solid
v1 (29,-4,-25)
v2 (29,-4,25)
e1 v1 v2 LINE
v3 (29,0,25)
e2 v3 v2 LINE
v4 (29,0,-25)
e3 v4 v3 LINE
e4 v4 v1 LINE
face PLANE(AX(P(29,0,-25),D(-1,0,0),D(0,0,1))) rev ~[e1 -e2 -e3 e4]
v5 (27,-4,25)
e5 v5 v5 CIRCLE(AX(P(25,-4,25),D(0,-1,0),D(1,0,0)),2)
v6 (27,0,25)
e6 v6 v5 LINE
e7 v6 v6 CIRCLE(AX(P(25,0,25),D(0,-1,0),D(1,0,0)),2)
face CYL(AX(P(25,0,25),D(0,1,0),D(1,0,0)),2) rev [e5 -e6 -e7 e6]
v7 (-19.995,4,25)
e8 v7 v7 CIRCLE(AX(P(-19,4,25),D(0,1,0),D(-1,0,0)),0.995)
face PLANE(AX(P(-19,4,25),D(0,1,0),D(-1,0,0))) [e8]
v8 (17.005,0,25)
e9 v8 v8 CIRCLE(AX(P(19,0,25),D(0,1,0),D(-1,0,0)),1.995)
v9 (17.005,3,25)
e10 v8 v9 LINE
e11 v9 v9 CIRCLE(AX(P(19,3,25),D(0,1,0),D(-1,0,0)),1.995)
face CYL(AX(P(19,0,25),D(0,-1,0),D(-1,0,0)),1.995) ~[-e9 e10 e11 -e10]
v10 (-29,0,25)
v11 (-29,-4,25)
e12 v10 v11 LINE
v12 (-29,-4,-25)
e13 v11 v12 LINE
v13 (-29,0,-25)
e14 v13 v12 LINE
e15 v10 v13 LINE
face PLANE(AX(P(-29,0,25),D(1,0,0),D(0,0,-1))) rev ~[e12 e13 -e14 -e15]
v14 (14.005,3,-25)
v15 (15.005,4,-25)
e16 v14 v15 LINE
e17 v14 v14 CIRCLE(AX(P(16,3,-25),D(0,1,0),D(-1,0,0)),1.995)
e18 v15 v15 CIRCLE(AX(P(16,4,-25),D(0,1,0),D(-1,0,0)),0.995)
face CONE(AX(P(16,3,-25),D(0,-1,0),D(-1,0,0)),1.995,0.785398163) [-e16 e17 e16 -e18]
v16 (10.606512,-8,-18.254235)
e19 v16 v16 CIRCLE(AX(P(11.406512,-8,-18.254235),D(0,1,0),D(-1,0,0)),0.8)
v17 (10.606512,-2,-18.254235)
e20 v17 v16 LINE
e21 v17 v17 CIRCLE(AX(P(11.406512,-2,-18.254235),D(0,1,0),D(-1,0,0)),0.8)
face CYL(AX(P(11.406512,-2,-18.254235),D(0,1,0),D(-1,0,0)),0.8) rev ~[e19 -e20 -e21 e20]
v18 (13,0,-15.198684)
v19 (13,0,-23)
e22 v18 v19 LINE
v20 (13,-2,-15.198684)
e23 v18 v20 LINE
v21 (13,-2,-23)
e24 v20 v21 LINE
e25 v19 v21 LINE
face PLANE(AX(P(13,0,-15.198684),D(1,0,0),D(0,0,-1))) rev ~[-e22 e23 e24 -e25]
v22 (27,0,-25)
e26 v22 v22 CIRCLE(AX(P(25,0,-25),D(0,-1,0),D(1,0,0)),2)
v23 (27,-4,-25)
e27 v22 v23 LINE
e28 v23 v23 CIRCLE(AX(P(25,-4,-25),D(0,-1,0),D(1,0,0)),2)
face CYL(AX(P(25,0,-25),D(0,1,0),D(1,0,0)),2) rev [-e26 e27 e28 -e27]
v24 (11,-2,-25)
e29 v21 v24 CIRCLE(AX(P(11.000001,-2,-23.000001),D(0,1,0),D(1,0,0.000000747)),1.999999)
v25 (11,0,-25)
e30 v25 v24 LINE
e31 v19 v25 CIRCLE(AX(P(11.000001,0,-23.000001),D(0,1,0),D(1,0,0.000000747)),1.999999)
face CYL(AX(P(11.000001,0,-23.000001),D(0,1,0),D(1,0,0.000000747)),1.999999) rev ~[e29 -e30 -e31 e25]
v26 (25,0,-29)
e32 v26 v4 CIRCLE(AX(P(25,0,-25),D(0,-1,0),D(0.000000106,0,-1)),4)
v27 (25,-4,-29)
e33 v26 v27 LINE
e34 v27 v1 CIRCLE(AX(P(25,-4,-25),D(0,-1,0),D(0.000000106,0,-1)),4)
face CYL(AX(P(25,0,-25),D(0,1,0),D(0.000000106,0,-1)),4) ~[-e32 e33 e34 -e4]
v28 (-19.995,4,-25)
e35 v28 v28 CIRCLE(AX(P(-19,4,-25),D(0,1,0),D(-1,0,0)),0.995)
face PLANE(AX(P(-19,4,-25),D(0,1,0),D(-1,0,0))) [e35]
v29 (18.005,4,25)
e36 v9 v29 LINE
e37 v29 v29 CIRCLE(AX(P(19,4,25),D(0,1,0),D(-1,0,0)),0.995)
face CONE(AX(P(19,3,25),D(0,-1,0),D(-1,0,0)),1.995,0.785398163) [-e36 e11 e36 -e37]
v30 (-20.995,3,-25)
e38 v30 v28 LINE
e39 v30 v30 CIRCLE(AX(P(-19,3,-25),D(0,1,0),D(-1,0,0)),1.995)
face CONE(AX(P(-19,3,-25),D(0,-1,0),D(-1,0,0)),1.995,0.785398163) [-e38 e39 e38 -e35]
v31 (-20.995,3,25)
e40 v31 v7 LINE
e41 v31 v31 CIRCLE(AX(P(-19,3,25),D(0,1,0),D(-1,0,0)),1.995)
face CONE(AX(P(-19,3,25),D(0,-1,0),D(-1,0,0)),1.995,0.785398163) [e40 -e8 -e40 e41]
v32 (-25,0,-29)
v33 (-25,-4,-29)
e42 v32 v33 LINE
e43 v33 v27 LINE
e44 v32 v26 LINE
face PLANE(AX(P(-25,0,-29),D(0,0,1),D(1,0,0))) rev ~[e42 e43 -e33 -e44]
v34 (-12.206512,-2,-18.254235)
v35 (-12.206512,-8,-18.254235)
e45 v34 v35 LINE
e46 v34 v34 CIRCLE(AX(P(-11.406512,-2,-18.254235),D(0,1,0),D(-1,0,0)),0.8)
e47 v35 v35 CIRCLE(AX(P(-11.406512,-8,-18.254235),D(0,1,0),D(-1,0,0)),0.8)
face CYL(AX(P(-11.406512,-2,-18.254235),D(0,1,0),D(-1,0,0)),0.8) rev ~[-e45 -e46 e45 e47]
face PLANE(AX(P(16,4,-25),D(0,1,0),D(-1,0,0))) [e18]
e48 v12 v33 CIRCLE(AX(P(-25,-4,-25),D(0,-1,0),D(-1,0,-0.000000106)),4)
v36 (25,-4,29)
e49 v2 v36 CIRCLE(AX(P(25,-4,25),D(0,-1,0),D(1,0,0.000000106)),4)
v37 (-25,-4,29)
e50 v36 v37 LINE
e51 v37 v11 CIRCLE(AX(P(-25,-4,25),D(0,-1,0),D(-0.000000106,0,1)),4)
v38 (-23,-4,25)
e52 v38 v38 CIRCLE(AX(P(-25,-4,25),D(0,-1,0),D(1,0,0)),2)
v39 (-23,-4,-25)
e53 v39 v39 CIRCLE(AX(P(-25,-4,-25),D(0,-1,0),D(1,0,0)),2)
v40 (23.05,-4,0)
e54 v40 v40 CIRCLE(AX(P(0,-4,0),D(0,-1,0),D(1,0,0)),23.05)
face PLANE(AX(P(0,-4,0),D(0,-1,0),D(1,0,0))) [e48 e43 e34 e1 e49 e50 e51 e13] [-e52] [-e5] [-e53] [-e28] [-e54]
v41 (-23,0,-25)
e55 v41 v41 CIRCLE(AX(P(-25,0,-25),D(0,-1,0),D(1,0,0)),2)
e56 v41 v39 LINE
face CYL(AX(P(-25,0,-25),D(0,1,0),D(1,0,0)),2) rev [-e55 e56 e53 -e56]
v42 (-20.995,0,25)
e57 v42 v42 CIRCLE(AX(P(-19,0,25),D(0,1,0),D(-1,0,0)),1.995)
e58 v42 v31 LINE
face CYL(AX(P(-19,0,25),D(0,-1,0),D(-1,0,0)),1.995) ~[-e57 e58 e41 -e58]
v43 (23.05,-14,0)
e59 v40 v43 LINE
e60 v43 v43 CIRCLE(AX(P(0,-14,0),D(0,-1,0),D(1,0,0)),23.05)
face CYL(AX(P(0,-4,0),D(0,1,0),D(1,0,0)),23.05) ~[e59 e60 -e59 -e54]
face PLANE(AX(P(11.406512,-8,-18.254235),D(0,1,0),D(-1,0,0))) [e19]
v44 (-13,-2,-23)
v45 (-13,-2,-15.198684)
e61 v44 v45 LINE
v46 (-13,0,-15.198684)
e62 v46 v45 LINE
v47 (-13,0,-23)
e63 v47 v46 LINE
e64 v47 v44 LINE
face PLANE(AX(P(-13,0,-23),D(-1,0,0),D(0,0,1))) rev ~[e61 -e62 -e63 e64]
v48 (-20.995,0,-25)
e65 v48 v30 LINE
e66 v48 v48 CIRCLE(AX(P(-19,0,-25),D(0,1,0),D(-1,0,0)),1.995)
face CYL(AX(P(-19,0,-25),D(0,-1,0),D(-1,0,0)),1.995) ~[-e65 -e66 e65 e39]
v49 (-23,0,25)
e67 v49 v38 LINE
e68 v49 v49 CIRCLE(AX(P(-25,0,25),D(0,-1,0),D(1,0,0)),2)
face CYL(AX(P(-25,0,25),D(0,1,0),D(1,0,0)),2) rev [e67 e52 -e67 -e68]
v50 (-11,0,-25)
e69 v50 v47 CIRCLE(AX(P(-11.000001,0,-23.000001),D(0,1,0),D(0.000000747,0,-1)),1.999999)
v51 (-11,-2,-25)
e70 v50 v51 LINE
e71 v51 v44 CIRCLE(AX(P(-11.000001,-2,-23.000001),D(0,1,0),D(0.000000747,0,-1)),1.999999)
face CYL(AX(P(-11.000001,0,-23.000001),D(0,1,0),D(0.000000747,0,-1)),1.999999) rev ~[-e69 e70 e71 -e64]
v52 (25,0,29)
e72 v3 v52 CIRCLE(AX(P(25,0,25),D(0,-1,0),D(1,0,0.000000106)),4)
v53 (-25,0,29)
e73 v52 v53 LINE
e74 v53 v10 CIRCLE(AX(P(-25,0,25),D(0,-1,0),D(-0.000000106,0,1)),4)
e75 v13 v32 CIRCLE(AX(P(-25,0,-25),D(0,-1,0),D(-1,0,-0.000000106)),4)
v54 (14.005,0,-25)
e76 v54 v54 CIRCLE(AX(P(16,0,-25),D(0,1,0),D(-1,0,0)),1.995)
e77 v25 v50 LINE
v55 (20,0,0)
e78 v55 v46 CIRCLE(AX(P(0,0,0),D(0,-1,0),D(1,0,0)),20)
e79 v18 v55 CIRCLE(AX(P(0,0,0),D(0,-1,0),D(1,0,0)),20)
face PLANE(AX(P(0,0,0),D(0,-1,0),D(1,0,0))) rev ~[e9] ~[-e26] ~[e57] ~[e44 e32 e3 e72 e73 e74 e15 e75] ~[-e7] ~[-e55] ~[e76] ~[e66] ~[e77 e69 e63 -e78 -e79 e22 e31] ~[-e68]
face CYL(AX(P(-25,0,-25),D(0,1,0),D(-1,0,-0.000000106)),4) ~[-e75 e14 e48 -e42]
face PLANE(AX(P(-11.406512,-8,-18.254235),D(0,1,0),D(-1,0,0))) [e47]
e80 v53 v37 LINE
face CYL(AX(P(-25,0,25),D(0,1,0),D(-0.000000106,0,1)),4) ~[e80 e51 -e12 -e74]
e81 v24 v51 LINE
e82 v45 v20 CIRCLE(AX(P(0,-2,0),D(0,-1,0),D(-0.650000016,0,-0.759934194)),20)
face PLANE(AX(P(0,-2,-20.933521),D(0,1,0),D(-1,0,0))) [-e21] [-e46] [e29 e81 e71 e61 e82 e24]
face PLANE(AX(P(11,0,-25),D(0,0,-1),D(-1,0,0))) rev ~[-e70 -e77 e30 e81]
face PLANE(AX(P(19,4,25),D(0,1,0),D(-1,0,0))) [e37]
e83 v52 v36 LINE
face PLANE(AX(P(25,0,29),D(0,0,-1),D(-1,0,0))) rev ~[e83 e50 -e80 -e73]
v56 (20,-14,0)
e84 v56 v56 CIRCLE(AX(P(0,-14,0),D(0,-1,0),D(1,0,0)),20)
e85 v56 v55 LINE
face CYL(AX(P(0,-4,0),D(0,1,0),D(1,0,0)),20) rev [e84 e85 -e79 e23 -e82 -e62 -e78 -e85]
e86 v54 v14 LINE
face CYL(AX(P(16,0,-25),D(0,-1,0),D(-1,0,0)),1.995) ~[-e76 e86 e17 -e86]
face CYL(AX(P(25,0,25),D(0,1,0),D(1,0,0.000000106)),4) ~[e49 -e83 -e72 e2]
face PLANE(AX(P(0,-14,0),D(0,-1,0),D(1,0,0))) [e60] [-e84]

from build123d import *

# Parameters (mm, degrees)
F0_R      = 2
F0_R_2    = 20
F1_DEPTH  = 4
F2_R      = 1.995
F3_DEPTH  = 4
F4_SIZE   = 1
F5_R      = 23.05
F5_R_2    = 20
F6_DEPTH  = 10
F8_DEPTH  = 2
F9_R      = 0.8
F10_DEPTH = 6


with BuildPart() as f1:
    # F0 (on Front) → F1 (new body)
    with BuildSketch(Plane.XZ):
        with BuildLine():
            ThreePointArc((29, 25), (27.828427, 27.828427), (25, 29))
            Line((25, 29), (-25, 29))
            ThreePointArc((-25, 29), (-27.828427, 27.828427), (-29, 25))
            Line((-29, 25), (-29, -25))
            ThreePointArc((-29, -25), (-27.828427, -27.828427), (-25, -29))
            Line((-25, -29), (25, -29))
            ThreePointArc((25, -29), (27.828427, -27.828427), (29, -25))
            Line((29, -25), (29, 25))
        make_face()
        with Locations((-25, -25)):
            Circle(F0_R, mode=Mode.SUBTRACT)
        with Locations((25, -25)):
            Circle(F0_R, mode=Mode.SUBTRACT)
        with Locations((-25, 25)):
            Circle(F0_R, mode=Mode.SUBTRACT)
        Circle(F0_R_2, mode=Mode.SUBTRACT)
        with Locations((25, 25)):
            Circle(F0_R, mode=Mode.SUBTRACT)
    extrude(amount=F1_DEPTH)

    # F2 (on face) → F3 (join)
    with BuildSketch(Plane(origin=(0, 0, 0), x_dir=(-1, 0, 0), z_dir=(0, 1, 0))):
        with Locations((-19, 25)):
            Circle(F2_R)
        with Locations((19, 25)):
            Circle(F2_R)
        with Locations((19, -25)):
            Circle(F2_R)
        with Locations((-16, -25)):
            Circle(F2_R)
    extrude(amount=F3_DEPTH)

    # F4
    f4_edges = [f1.edges().sort_by_distance(p)[0] for p in [
        (17.995, 4, -25),
        (-17.005, 4, -25),
        (-17.005, 4, 25),
        (20.995, 4, 25),
    ]]
    chamfer(f4_edges, length=F4_SIZE)

    # F5 (on face) → F6 (join)
    with BuildSketch(Plane.XZ.offset(4)):
        Circle(F5_R)
        Circle(F5_R_2, mode=Mode.SUBTRACT)
    extrude(amount=F6_DEPTH)

    # F7 (on face) → F8 (cut)
    with BuildSketch(Plane(origin=(0, 0, 0), x_dir=(-1, 0, 0), z_dir=(0, 1, 0))):
        with BuildLine():
            ThreePointArc((13, -15.198684), (0, -20), (-13, -15.198684))
            Line((-13, -15.198684), (-13, -23))
            ThreePointArc((-13, -23), (-12.414214, -24.414214), (-11, -25))
            Line((-11, -25), (11, -25))
            ThreePointArc((11, -25), (12.414214, -24.414214), (13, -23))
            Line((13, -23), (13, -15.198684))
        make_face()
    extrude(amount=-F8_DEPTH, mode=Mode.SUBTRACT)

    # F9 (on face) → F10 (cut)
    with BuildSketch(Plane(origin=(0, -2, 0), x_dir=(-1, 0, 0), z_dir=(0, 1, 0))):
        with Locations((-11.406512, -18.254235)):
            Circle(F9_R)
        with Locations((11.406512, -18.254235)):
            Circle(F9_R)
    extrude(amount=-F10_DEPTH, mode=Mode.SUBTRACT)


solid = f1.part
